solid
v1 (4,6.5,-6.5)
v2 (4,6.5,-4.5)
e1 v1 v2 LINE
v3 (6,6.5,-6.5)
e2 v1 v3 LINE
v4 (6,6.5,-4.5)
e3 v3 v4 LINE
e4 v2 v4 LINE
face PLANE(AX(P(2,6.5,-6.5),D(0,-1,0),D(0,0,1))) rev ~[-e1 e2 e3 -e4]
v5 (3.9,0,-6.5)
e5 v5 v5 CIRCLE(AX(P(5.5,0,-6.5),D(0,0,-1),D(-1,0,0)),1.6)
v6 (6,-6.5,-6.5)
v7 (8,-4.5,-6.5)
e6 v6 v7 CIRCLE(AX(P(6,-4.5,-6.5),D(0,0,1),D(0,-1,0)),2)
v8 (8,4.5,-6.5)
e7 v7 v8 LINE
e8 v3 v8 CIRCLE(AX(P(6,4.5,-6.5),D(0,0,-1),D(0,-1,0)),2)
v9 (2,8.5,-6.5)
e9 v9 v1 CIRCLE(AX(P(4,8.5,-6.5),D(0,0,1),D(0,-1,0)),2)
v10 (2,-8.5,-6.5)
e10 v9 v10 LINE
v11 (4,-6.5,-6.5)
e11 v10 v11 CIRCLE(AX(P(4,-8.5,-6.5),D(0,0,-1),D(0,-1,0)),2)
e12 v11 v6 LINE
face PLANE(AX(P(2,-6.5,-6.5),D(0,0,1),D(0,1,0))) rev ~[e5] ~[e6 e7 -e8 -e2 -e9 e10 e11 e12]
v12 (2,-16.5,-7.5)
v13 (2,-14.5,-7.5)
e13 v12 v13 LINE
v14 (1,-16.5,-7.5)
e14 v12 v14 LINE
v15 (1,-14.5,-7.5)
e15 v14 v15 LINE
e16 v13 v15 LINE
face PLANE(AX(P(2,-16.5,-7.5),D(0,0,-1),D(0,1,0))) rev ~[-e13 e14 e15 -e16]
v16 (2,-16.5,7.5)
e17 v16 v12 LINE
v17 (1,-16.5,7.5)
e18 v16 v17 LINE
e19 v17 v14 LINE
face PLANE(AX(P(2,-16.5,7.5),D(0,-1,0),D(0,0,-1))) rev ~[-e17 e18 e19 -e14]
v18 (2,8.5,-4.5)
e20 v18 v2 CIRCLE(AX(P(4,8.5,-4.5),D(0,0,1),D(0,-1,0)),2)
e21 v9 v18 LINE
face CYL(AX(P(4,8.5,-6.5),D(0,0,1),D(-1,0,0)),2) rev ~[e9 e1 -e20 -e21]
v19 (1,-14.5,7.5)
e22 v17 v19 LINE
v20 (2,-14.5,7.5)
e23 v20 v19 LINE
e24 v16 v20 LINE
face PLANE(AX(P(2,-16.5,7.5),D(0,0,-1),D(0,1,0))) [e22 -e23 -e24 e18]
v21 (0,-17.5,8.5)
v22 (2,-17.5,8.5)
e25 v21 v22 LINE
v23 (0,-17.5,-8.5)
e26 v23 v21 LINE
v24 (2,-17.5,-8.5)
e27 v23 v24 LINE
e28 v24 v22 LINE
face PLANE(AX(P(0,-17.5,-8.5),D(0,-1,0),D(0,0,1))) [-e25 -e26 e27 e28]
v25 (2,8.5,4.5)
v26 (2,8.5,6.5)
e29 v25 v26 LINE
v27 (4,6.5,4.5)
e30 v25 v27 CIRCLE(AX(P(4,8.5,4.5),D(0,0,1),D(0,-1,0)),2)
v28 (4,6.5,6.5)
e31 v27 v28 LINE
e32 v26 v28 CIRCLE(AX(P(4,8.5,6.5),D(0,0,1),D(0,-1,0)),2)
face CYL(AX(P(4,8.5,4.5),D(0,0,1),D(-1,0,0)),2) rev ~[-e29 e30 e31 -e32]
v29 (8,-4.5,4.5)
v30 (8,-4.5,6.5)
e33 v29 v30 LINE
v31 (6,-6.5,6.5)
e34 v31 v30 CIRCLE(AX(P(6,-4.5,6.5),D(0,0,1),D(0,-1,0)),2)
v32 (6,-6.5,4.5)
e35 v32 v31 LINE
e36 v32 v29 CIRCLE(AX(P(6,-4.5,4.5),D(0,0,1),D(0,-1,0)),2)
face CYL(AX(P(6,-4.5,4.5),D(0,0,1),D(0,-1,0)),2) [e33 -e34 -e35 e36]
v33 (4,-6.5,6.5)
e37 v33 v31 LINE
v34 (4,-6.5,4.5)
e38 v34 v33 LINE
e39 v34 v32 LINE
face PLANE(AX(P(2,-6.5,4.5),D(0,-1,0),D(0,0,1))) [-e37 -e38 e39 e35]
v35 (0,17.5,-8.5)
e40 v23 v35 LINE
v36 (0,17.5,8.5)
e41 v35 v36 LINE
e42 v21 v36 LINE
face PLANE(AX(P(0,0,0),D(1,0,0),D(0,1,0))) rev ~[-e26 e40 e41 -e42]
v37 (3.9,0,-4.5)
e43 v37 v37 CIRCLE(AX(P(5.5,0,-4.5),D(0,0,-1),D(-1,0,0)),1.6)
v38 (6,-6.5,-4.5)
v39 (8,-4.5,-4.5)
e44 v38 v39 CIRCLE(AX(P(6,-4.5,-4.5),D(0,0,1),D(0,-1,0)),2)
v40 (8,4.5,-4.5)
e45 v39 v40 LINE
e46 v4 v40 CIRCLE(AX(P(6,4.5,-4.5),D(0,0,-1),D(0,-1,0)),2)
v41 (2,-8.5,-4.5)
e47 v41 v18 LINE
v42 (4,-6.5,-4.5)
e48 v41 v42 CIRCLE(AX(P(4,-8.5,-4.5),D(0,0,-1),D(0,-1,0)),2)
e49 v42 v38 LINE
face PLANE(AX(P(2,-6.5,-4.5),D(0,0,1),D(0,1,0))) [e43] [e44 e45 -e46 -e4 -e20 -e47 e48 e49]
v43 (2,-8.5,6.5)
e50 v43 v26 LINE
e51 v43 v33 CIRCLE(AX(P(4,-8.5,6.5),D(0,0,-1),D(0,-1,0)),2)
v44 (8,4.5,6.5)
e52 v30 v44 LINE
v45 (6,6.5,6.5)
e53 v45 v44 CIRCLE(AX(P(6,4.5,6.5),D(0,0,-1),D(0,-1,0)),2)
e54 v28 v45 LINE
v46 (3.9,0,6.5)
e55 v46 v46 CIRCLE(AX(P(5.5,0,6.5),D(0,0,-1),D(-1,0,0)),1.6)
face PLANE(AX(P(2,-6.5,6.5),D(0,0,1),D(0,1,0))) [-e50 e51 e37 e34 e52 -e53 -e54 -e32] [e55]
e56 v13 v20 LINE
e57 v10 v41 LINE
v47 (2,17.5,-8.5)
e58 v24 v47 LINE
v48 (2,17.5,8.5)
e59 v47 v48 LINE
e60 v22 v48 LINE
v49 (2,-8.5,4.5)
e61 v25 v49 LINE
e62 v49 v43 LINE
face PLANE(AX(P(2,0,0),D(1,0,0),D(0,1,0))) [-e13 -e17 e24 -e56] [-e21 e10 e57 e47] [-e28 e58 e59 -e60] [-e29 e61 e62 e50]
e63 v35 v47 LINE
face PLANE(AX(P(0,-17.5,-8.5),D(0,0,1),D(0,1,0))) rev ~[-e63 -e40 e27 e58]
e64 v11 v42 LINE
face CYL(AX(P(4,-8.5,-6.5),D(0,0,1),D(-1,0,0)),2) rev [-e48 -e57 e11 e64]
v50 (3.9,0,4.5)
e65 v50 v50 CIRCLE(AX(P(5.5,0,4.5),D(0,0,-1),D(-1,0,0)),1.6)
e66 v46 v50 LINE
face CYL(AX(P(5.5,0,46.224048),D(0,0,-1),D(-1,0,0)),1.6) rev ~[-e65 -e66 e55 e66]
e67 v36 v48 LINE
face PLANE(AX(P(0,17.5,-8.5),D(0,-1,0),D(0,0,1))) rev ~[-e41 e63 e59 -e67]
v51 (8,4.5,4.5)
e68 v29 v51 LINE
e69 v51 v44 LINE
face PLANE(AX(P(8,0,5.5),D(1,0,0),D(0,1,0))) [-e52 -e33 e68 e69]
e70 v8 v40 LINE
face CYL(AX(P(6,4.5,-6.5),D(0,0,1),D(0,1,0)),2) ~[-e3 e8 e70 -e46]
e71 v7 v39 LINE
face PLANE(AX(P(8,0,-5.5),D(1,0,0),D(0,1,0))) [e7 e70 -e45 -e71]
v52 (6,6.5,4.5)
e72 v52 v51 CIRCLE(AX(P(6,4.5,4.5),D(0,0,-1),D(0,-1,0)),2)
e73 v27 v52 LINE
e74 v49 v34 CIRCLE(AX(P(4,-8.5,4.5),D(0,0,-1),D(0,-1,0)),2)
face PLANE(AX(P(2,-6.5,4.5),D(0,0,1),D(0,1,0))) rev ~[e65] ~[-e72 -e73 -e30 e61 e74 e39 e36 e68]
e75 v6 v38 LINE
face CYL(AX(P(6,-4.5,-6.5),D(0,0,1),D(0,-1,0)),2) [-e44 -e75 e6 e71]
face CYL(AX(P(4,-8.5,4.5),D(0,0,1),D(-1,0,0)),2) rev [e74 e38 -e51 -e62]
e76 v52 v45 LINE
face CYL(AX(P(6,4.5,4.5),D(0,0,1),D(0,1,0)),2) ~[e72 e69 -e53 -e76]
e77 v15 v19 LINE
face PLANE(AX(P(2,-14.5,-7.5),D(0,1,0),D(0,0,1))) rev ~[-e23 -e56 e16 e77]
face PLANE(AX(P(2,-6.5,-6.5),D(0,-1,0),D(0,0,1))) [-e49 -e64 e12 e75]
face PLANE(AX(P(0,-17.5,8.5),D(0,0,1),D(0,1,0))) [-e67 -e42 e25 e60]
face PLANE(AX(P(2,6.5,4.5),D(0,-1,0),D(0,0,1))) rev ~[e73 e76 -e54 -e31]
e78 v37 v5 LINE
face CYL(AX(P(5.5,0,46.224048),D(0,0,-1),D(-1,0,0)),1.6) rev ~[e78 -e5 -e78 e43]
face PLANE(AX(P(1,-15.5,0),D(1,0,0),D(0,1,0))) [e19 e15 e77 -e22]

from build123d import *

# Parameters (mm, degrees)
F0_W     = 35
F0_H     = 17
F1_DEPTH = 2
F2_W     = 2
F2_H     = 13
F2_H_2   = 1
F3_DEPTH = 1
F4_W     = 13
F4_H     = 2
F5_DEPTH = 6
F7_D     = 3.2
F8_R     = 2


with BuildPart() as f1:
    # F0 (on Right) → F1 (new body)
    with BuildSketch(Plane.YZ):
        Rectangle(F0_W, F0_H)
    extrude(amount=F1_DEPTH)

    # F2 (on face) → F3 (cut)
    with BuildSketch(Plane.YZ.offset(2)):
        with Locations((-15.5, 0)):
            Rectangle(F2_W, F2_H)
        with Locations((-15.5, 7)):
            Rectangle(F2_W, F2_H_2)
        with Locations((-15.5, -7)):
            Rectangle(F2_W, F2_H_2)
    extrude(amount=-F3_DEPTH, mode=Mode.SUBTRACT)

    # F4 (on face) → F5 (join)
    with BuildSketch(Plane.YZ.offset(2)):
        with Locations((0, 5.5)):
            Rectangle(F4_W, F4_H)
        with Locations((0, -5.5)):
            Rectangle(F4_W, F4_H)
    extrude(amount=F5_DEPTH)

    # F7 (through all)
    with Locations(Plane.XY.offset(6.5)):
        with Locations((5.5, 0)):
            Hole(F7_D / 2)

    # F8
    f8_edges = [f1.edges().sort_by_distance(p)[0] for p in [
        (2, 6.5, 5.5),
        (8, 6.5, 5.5),
        (8, 6.5, -5.5),
        (2, 6.5, -5.5),
        (2, -6.5, -5.5),
        (8, -6.5, -5.5),
        (2, -6.5, 5.5),
        (8, -6.5, 5.5),
    ]]
    fillet(f8_edges, radius=F8_R)


solid = f1.part
